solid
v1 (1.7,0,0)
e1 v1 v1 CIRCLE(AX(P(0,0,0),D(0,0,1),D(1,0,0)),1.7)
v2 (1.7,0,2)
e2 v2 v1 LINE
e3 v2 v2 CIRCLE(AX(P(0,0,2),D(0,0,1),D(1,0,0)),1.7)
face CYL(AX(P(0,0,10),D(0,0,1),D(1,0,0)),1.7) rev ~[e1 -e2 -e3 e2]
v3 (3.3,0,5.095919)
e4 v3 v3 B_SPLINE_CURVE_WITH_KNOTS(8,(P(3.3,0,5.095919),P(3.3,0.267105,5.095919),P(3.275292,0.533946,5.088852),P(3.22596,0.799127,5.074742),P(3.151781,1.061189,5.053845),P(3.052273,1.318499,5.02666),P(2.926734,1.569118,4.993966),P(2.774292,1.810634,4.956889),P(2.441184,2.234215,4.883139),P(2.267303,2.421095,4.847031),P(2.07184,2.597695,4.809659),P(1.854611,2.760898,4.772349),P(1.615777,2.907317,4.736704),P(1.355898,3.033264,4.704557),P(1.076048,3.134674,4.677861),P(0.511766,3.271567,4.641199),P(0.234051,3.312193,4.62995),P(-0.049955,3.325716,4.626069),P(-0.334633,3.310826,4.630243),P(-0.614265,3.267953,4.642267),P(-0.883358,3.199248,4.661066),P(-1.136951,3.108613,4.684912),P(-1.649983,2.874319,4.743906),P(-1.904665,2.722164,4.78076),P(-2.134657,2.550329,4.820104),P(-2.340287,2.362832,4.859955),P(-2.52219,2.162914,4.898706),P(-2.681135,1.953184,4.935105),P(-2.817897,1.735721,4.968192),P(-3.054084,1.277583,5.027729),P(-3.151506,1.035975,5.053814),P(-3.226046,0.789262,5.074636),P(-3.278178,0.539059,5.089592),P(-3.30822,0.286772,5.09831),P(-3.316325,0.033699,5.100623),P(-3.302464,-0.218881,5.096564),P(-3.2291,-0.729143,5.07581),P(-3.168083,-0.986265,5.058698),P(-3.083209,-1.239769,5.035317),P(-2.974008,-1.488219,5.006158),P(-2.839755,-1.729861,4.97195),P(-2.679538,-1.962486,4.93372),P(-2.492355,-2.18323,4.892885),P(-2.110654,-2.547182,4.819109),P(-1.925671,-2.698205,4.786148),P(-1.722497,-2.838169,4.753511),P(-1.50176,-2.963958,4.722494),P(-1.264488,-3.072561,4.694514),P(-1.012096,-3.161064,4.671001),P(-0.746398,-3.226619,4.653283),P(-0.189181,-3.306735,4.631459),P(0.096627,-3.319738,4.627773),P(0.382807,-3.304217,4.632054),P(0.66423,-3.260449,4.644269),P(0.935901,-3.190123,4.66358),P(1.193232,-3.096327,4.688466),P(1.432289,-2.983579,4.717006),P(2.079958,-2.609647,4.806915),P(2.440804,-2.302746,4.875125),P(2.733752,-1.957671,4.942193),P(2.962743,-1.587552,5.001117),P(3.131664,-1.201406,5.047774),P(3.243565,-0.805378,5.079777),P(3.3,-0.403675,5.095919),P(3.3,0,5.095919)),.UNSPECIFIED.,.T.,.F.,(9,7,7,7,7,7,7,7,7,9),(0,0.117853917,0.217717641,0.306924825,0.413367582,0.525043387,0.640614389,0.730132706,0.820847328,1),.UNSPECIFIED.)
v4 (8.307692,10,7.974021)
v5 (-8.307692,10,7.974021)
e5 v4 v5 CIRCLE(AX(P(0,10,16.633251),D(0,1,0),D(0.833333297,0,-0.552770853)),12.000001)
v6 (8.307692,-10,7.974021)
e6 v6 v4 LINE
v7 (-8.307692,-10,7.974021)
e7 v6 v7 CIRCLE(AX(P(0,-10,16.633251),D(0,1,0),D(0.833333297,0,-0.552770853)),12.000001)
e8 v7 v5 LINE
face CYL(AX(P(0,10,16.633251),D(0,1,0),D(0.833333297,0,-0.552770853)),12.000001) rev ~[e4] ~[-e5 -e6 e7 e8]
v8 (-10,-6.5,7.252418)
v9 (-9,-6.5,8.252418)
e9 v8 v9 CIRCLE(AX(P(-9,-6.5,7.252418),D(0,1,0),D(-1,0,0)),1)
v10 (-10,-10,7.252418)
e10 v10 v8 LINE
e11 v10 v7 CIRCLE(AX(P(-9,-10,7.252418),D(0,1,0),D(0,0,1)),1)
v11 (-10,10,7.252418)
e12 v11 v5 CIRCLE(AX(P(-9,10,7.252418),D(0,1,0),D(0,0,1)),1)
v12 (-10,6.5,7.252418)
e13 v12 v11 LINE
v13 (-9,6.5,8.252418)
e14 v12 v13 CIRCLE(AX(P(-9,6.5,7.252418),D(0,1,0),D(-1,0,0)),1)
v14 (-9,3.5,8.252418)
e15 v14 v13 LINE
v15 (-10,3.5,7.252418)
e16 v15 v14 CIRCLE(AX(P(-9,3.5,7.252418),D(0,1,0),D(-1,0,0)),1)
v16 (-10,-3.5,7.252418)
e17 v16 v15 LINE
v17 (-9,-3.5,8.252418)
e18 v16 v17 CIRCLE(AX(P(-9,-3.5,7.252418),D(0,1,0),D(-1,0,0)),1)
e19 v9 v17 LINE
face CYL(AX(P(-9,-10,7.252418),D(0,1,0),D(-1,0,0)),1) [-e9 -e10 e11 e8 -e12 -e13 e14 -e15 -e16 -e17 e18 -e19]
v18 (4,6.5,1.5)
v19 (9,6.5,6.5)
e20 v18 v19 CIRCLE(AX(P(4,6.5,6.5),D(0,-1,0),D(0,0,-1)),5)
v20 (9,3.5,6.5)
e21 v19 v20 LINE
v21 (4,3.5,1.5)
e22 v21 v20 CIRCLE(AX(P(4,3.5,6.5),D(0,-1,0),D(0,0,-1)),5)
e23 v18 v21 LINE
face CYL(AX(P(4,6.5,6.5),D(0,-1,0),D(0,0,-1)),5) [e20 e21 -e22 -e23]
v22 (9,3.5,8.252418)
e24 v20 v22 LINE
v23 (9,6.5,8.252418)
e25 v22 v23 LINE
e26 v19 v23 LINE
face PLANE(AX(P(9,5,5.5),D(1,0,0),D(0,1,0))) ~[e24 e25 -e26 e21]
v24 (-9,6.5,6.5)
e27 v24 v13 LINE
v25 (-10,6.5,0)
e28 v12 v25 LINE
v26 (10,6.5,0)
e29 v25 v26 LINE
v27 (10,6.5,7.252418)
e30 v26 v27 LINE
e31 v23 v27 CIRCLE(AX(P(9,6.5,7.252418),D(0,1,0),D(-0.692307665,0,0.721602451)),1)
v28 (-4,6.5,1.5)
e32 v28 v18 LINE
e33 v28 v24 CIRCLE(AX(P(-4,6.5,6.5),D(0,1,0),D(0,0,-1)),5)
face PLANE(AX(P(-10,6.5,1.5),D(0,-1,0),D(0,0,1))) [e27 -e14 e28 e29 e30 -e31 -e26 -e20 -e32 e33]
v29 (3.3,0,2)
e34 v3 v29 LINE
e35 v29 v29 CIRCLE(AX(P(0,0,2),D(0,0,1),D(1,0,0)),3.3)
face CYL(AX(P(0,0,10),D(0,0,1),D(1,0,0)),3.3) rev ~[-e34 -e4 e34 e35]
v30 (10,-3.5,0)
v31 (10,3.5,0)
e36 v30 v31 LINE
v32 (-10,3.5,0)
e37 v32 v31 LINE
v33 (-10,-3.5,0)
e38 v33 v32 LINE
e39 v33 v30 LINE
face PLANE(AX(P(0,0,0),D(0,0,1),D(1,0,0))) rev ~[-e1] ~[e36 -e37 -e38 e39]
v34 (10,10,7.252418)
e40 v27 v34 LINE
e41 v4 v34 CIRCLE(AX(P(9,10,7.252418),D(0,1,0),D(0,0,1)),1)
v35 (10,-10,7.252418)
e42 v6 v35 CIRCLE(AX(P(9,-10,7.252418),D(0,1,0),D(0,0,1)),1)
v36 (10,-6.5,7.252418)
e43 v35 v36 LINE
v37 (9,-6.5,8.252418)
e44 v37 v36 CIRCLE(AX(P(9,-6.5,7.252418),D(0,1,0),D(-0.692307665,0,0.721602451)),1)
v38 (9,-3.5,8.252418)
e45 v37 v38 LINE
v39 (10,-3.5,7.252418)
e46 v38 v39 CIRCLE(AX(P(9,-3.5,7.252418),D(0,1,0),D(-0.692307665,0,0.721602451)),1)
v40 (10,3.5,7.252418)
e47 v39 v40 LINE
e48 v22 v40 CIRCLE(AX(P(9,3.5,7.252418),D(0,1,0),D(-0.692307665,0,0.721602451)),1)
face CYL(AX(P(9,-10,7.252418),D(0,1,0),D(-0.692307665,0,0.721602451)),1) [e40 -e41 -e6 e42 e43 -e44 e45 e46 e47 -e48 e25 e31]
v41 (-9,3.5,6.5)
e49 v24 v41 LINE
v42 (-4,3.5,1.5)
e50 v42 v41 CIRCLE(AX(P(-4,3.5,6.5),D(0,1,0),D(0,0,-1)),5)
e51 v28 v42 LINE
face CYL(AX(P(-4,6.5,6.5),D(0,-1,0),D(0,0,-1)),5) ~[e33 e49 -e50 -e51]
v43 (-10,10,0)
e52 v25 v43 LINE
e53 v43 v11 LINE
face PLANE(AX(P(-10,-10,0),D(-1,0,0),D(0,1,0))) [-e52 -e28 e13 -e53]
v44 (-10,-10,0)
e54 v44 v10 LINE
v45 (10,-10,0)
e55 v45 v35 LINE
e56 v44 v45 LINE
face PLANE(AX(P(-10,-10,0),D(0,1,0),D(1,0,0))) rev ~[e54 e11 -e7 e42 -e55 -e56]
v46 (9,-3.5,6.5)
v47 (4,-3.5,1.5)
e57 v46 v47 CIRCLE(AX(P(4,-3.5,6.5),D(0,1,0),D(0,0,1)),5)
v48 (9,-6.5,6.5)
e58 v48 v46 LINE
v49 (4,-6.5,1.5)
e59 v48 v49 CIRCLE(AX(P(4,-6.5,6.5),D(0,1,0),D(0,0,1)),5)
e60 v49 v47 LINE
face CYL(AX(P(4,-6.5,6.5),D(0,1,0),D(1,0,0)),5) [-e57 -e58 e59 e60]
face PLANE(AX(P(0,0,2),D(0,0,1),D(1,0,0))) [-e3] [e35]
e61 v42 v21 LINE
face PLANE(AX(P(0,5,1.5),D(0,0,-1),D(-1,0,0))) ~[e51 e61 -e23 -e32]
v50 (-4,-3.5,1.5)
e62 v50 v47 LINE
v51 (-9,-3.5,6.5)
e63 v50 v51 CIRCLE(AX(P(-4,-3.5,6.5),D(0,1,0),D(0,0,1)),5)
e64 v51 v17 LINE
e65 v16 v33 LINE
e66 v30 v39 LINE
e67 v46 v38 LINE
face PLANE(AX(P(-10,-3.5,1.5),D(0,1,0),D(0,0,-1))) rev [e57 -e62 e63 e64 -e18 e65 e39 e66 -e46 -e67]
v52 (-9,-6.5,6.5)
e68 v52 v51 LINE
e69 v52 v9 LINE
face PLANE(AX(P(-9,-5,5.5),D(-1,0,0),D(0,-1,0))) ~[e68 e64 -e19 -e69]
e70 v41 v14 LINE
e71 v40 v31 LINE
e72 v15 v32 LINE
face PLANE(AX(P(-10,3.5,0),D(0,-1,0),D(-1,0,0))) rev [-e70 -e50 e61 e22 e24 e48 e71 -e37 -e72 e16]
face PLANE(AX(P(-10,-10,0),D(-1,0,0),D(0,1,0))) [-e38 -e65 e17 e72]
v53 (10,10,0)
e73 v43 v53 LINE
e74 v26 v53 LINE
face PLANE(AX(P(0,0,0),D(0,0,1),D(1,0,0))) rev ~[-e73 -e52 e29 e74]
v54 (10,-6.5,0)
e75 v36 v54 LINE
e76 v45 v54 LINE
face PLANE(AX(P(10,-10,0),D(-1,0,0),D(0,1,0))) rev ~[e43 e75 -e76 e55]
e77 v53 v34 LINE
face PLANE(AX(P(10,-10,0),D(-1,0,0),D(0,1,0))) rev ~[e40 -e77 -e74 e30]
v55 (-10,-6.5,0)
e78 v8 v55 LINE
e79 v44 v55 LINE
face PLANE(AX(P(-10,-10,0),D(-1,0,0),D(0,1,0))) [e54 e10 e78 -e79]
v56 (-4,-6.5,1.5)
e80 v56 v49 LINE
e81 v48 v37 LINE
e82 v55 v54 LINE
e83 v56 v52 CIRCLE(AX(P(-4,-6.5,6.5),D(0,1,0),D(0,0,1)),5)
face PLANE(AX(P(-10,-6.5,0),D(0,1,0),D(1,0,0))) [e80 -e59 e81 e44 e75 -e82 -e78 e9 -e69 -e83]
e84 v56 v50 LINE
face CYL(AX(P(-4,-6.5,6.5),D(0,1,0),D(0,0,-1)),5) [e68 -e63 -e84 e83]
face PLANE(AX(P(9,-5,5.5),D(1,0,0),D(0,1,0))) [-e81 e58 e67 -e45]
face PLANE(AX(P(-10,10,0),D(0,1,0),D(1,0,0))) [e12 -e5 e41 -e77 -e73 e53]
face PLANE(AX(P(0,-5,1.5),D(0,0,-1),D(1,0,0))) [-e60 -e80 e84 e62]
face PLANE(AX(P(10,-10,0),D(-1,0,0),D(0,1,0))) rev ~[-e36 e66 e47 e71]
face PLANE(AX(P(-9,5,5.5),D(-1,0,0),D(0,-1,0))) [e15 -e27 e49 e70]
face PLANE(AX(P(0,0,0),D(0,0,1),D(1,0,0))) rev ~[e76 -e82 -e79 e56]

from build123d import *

# Parameters (mm, degrees)
SKETCH_W        = 20
SKETCH_H        = 20
PAD_DEPTH       = 10
SKETCH001_R     = 1.7
POCKET_DEPTH    = 10.001
SKETCH002_R     = 3.3
POCKET001_DEPTH = 8
POCKET002_DEPTH = 20.001
FILLET_R        = 1
SKETCH004_W     = 20
SKETCH004_H     = 3
POCKET003_DEPTH = 1.5
SKETCH005_W     = 3
SKETCH005_H     = 8
POCKET004_DEPTH = 1
SKETCH006_W     = 3
SKETCH006_H     = 8
POCKET005_DEPTH = 1
FILLET001_R     = 5


with BuildPart() as part:
    # Sketch → Pad (new body)
    with BuildSketch(Plane.XY):
        Rectangle(SKETCH_W, SKETCH_H)
    extrude(amount=PAD_DEPTH)

    # Sketch001 → Pocket (cut, through all)
    with BuildSketch(Plane.XY.offset(10)):
        Circle(SKETCH001_R)
    extrude(amount=-POCKET_DEPTH, mode=Mode.SUBTRACT)

    # Sketch002 → Pocket001 (cut)
    with BuildSketch(Plane.XY.offset(10)):
        Circle(SKETCH002_R)
    extrude(amount=-POCKET001_DEPTH, mode=Mode.SUBTRACT)

    # Sketch003 → Pocket002 (cut, through all)
    with BuildSketch(Plane(origin=(0, 10, 0), x_dir=(-1, 0, 0), z_dir=(0, 1, 0))):
        with BuildLine():
            ThreePointArc((-10, 10), (0, 4.63325), (10, 10))
            Line((-10, 10), (10, 10))
        make_face()
    extrude(amount=-POCKET002_DEPTH, mode=Mode.SUBTRACT)

    # Fillet
    fillet_edges = [part.edges().sort_by_distance(p)[0] for p in [
        (-10, 0, 10),
        (10, 0, 10),
    ]]
    fillet(fillet_edges, radius=FILLET_R)

    # Sketch004 → Pocket003 (cut)
    with BuildSketch(Plane(origin=(0, 0, 0), x_dir=(1, 0, 0), z_dir=(0, 0, -1))):
        with Locations((0, 5)):
            Rectangle(SKETCH004_W, SKETCH004_H)
    pocket003 = extrude(amount=-POCKET003_DEPTH, mode=Mode.SUBTRACT)

    # Mirrored: Pocket003 across Sketch004 H_Axis
    add(pocket003.mirror(Plane(origin=(0, 0, 0), x_dir=(0, 0, -1), z_dir=(0, -1, 0))), mode=Mode.SUBTRACT)

    # Sketch005 → Pocket004 (cut)
    with BuildSketch(Plane(origin=(-10, 0, 0), x_dir=(0, -1, 0), z_dir=(-1, 0, 0))):
        with Locations((-5, 5.5)):
            Rectangle(SKETCH005_W, SKETCH005_H)
    pocket004 = extrude(amount=-POCKET004_DEPTH, mode=Mode.SUBTRACT)

    # Mirrored001: Pocket004 across Sketch005 V_Axis
    add(pocket004.mirror(Plane(origin=(-10, 0, 0), x_dir=(-1, 0, 0), z_dir=(0, -1, 0))), mode=Mode.SUBTRACT)

    # Sketch006 → Pocket005 (cut)
    with BuildSketch(Plane.YZ.offset(10)):
        with Locations((-5, 5.5)):
            Rectangle(SKETCH006_W, SKETCH006_H)
    pocket005 = extrude(amount=-POCKET005_DEPTH, mode=Mode.SUBTRACT)

    # Mirrored002: Pocket005 across Sketch006 V_Axis
    add(pocket005.mirror(Plane(origin=(10, 0, 0), x_dir=(1, 0, 0), z_dir=(0, 1, 0))), mode=Mode.SUBTRACT)

    # Fillet001
    fillet001_edges = [part.edges().sort_by_distance(p)[0] for p in [
        (9, 5, 1.5),
        (9, -5, 1.5),
        (-9, -5, 1.5),
        (-9, 5, 1.5),
    ]]
    fillet(fillet001_edges, radius=FILLET001_R)


solid = part.part
